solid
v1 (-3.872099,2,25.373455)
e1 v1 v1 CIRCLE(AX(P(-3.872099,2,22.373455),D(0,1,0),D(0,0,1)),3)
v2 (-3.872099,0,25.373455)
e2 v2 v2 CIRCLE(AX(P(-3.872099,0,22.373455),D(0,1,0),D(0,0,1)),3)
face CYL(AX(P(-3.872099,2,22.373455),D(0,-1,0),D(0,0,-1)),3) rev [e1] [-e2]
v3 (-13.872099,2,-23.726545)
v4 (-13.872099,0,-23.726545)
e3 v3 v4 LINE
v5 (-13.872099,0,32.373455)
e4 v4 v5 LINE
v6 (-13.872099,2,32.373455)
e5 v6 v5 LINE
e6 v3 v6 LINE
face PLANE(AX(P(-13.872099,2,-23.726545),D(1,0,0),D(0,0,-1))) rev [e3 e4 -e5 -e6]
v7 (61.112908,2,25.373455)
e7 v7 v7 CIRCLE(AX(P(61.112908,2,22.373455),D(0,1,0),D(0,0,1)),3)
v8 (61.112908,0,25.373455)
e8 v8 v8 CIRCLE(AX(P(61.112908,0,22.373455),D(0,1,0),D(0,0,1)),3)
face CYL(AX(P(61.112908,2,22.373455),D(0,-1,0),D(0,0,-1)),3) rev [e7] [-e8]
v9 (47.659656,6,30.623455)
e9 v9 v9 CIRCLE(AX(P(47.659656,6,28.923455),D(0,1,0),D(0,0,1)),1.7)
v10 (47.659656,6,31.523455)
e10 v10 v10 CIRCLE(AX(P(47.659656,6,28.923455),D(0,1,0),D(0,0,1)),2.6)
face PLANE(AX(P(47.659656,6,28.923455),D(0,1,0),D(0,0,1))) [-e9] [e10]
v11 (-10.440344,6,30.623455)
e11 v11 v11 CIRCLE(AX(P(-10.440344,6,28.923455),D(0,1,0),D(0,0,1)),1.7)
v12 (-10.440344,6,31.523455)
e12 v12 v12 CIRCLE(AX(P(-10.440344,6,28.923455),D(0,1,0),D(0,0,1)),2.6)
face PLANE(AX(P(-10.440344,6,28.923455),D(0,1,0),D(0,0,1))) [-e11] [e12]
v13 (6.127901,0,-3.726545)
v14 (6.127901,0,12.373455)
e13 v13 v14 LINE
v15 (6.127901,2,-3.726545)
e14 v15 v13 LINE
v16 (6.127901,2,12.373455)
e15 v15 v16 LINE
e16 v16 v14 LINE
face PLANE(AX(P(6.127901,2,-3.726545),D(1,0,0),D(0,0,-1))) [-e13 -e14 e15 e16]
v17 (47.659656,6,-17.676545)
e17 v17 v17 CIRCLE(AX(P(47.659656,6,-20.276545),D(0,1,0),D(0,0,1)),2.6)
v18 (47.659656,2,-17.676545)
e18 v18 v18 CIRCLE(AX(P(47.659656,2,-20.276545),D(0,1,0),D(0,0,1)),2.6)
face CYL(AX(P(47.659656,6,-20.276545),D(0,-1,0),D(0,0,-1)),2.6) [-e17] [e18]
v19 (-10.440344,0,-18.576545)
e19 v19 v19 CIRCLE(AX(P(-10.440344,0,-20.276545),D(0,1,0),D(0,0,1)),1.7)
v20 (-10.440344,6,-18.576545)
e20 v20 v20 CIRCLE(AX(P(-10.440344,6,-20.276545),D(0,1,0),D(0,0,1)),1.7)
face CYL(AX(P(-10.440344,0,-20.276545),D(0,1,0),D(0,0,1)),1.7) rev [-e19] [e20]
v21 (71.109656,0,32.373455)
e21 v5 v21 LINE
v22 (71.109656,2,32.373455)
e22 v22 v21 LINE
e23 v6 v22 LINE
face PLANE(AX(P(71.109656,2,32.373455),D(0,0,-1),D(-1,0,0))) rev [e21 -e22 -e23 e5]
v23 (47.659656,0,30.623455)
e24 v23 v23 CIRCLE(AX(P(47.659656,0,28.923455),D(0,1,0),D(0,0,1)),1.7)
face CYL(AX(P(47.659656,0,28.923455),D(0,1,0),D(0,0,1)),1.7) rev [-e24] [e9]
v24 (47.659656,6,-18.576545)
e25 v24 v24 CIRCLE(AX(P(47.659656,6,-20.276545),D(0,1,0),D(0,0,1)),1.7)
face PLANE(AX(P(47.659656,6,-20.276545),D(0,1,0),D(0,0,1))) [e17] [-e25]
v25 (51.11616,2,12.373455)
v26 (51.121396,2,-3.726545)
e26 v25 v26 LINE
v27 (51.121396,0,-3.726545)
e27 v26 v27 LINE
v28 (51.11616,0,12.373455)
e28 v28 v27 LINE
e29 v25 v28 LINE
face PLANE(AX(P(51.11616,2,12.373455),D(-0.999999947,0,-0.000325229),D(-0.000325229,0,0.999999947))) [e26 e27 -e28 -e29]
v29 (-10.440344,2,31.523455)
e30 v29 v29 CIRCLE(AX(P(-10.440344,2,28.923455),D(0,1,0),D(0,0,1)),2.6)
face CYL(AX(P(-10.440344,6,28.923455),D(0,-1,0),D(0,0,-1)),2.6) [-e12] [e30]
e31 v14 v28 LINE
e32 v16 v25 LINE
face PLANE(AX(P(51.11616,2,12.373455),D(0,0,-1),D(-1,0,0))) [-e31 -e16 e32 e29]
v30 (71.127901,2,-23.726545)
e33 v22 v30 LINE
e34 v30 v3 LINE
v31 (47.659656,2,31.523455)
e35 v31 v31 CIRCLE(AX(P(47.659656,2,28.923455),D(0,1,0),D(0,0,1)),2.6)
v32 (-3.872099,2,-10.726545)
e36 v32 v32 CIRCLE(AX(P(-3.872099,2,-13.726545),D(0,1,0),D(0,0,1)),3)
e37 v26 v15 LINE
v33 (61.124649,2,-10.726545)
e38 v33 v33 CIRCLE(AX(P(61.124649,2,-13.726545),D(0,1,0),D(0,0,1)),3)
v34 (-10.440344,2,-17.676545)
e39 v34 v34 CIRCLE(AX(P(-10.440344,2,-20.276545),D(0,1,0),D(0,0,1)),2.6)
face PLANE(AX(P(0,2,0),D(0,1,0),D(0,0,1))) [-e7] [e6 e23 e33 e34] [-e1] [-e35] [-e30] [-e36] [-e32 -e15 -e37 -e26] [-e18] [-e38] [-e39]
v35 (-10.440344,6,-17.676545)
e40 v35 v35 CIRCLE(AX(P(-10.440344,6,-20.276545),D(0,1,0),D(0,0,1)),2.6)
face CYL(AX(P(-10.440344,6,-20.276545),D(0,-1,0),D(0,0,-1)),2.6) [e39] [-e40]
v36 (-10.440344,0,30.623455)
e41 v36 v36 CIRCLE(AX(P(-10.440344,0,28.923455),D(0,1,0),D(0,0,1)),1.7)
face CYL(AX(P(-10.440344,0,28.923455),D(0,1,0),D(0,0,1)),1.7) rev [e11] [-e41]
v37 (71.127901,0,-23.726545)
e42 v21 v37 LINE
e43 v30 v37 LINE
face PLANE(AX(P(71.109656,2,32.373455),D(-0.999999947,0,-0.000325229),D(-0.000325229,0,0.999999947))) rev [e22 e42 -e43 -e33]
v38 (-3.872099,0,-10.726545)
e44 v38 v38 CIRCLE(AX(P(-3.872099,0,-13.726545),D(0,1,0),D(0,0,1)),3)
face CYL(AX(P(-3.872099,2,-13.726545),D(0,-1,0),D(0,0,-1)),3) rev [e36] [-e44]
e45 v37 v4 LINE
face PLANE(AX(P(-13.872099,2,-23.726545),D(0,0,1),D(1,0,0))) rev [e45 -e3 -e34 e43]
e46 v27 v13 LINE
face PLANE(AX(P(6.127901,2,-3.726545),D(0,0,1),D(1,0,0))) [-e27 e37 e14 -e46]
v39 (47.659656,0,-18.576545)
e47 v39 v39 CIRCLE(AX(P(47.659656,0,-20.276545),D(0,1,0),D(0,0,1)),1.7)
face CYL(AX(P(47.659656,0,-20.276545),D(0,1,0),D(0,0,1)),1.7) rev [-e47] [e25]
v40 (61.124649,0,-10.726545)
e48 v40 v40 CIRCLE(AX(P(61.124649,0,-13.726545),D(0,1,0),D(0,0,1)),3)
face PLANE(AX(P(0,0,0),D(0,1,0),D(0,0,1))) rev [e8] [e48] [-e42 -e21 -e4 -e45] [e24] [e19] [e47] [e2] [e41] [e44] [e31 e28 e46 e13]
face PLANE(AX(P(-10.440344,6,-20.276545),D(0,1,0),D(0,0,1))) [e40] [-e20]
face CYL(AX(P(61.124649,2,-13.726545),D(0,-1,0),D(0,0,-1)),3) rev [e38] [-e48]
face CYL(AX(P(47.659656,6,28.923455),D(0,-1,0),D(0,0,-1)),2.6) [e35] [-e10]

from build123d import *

# Parameters (mm, degrees)
BOSS_EXTRUDE1_DEPTH     = 2
CUT_EXTRUDE2_DEPTH      = 2
WALL_MOUNT_HOLES_R      = 3
CUT_EXTRUDE3_DEPTH      = 2
STANDOFF_MOUNTS_R       = 2.6
BOSS_EXTRUDE3_DEPTH     = 4
ODROID_C1_MOUNT_HOLES_R = 1.7
CUT_EXTRUDE4_DEPTH      = 6


with BuildPart() as part:
    # Base plate → Boss-Extrude1 (new body)
    with BuildSketch(Plane(origin=(0, 0, 0), x_dir=(1, 0, 0), z_dir=(0, 1, 0))):
        Polygon((-13.872098625, 23.726545041), (71.127901375, 23.726545041), (71.10965601, -32.373454959), (-13.872098625, -32.373454959), align=None)
    extrude(amount=BOSS_EXTRUDE1_DEPTH)

    # Base Plate Hole → Cut-Extrude2 (cut)
    with BuildSketch(Plane(origin=(0, 0, 0), x_dir=(1, 0, 0), z_dir=(0, 1, 0))):
        Polygon((6.127901375, 3.726545041), (51.121395731, 3.726545041), (51.116159539, -12.373454959), (6.127901375, -12.373454959), align=None)
    extrude(amount=CUT_EXTRUDE2_DEPTH, mode=Mode.SUBTRACT)

    # Wall Mount Holes → Cut-Extrude3 (cut)
    with BuildSketch(Plane(origin=(0, 0, 0), x_dir=(1, 0, 0), z_dir=(0, 1, 0))):
        with Locations(Location((-3.872098625, 13.726545041, 0), (0, 0, 270))):
            Circle(WALL_MOUNT_HOLES_R)
        with Locations(Location((-3.872098625, -22.373454959, 0), (0, 0, 270))):
            Circle(WALL_MOUNT_HOLES_R)
        with Locations(Location((61.124648553, 13.726545041, 0), (0, 0, 270))):
            Circle(WALL_MOUNT_HOLES_R)
        with Locations(Location((61.112907774, -22.373454959, 0), (0, 0, 270))):
            Circle(WALL_MOUNT_HOLES_R)
    extrude(amount=CUT_EXTRUDE3_DEPTH, mode=Mode.SUBTRACT)

    # Standoff Mounts → Boss-Extrude3 (add)
    with BuildSketch(Plane(origin=(0, 2, 0), x_dir=(1, 0, 0), z_dir=(0, 1, 0))):
        with Locations(Location((-10.44034399, 20.276545041, 0), (0, 0, 270))):
            Circle(STANDOFF_MOUNTS_R)
        with Locations(Location((47.65965601, 20.276545041, 0), (0, 0, 270))):
            Circle(STANDOFF_MOUNTS_R)
        with Locations(Location((-10.44034399, -28.923454959, 0), (0, 0, 270))):
            Circle(STANDOFF_MOUNTS_R)
        with Locations(Location((47.65965601, -28.923454959, 0), (0, 0, 270))):
            Circle(STANDOFF_MOUNTS_R)
    extrude(amount=BOSS_EXTRUDE3_DEPTH)

    # Odroid C1 Mount Holes → Cut-Extrude4 (cut)
    with BuildSketch(Plane(origin=(0, 6, 0), x_dir=(1, 0, 0), z_dir=(0, 1, 0))):
        with Locations(Location((-10.44034399, -28.923454959, 0), (0, 0, 270))):
            Circle(ODROID_C1_MOUNT_HOLES_R)
        with Locations(Location((-10.44034399, 20.276545041, 0), (0, 0, 270))):
            Circle(ODROID_C1_MOUNT_HOLES_R)
        with Locations(Location((47.65965601, 20.276545041, 0), (0, 0, 270))):
            Circle(ODROID_C1_MOUNT_HOLES_R)
        with Locations(Location((47.65965601, -28.923454959, 0), (0, 0, 270))):
            Circle(ODROID_C1_MOUNT_HOLES_R)
    extrude(amount=-CUT_EXTRUDE4_DEPTH, mode=Mode.SUBTRACT)


solid = part.part
